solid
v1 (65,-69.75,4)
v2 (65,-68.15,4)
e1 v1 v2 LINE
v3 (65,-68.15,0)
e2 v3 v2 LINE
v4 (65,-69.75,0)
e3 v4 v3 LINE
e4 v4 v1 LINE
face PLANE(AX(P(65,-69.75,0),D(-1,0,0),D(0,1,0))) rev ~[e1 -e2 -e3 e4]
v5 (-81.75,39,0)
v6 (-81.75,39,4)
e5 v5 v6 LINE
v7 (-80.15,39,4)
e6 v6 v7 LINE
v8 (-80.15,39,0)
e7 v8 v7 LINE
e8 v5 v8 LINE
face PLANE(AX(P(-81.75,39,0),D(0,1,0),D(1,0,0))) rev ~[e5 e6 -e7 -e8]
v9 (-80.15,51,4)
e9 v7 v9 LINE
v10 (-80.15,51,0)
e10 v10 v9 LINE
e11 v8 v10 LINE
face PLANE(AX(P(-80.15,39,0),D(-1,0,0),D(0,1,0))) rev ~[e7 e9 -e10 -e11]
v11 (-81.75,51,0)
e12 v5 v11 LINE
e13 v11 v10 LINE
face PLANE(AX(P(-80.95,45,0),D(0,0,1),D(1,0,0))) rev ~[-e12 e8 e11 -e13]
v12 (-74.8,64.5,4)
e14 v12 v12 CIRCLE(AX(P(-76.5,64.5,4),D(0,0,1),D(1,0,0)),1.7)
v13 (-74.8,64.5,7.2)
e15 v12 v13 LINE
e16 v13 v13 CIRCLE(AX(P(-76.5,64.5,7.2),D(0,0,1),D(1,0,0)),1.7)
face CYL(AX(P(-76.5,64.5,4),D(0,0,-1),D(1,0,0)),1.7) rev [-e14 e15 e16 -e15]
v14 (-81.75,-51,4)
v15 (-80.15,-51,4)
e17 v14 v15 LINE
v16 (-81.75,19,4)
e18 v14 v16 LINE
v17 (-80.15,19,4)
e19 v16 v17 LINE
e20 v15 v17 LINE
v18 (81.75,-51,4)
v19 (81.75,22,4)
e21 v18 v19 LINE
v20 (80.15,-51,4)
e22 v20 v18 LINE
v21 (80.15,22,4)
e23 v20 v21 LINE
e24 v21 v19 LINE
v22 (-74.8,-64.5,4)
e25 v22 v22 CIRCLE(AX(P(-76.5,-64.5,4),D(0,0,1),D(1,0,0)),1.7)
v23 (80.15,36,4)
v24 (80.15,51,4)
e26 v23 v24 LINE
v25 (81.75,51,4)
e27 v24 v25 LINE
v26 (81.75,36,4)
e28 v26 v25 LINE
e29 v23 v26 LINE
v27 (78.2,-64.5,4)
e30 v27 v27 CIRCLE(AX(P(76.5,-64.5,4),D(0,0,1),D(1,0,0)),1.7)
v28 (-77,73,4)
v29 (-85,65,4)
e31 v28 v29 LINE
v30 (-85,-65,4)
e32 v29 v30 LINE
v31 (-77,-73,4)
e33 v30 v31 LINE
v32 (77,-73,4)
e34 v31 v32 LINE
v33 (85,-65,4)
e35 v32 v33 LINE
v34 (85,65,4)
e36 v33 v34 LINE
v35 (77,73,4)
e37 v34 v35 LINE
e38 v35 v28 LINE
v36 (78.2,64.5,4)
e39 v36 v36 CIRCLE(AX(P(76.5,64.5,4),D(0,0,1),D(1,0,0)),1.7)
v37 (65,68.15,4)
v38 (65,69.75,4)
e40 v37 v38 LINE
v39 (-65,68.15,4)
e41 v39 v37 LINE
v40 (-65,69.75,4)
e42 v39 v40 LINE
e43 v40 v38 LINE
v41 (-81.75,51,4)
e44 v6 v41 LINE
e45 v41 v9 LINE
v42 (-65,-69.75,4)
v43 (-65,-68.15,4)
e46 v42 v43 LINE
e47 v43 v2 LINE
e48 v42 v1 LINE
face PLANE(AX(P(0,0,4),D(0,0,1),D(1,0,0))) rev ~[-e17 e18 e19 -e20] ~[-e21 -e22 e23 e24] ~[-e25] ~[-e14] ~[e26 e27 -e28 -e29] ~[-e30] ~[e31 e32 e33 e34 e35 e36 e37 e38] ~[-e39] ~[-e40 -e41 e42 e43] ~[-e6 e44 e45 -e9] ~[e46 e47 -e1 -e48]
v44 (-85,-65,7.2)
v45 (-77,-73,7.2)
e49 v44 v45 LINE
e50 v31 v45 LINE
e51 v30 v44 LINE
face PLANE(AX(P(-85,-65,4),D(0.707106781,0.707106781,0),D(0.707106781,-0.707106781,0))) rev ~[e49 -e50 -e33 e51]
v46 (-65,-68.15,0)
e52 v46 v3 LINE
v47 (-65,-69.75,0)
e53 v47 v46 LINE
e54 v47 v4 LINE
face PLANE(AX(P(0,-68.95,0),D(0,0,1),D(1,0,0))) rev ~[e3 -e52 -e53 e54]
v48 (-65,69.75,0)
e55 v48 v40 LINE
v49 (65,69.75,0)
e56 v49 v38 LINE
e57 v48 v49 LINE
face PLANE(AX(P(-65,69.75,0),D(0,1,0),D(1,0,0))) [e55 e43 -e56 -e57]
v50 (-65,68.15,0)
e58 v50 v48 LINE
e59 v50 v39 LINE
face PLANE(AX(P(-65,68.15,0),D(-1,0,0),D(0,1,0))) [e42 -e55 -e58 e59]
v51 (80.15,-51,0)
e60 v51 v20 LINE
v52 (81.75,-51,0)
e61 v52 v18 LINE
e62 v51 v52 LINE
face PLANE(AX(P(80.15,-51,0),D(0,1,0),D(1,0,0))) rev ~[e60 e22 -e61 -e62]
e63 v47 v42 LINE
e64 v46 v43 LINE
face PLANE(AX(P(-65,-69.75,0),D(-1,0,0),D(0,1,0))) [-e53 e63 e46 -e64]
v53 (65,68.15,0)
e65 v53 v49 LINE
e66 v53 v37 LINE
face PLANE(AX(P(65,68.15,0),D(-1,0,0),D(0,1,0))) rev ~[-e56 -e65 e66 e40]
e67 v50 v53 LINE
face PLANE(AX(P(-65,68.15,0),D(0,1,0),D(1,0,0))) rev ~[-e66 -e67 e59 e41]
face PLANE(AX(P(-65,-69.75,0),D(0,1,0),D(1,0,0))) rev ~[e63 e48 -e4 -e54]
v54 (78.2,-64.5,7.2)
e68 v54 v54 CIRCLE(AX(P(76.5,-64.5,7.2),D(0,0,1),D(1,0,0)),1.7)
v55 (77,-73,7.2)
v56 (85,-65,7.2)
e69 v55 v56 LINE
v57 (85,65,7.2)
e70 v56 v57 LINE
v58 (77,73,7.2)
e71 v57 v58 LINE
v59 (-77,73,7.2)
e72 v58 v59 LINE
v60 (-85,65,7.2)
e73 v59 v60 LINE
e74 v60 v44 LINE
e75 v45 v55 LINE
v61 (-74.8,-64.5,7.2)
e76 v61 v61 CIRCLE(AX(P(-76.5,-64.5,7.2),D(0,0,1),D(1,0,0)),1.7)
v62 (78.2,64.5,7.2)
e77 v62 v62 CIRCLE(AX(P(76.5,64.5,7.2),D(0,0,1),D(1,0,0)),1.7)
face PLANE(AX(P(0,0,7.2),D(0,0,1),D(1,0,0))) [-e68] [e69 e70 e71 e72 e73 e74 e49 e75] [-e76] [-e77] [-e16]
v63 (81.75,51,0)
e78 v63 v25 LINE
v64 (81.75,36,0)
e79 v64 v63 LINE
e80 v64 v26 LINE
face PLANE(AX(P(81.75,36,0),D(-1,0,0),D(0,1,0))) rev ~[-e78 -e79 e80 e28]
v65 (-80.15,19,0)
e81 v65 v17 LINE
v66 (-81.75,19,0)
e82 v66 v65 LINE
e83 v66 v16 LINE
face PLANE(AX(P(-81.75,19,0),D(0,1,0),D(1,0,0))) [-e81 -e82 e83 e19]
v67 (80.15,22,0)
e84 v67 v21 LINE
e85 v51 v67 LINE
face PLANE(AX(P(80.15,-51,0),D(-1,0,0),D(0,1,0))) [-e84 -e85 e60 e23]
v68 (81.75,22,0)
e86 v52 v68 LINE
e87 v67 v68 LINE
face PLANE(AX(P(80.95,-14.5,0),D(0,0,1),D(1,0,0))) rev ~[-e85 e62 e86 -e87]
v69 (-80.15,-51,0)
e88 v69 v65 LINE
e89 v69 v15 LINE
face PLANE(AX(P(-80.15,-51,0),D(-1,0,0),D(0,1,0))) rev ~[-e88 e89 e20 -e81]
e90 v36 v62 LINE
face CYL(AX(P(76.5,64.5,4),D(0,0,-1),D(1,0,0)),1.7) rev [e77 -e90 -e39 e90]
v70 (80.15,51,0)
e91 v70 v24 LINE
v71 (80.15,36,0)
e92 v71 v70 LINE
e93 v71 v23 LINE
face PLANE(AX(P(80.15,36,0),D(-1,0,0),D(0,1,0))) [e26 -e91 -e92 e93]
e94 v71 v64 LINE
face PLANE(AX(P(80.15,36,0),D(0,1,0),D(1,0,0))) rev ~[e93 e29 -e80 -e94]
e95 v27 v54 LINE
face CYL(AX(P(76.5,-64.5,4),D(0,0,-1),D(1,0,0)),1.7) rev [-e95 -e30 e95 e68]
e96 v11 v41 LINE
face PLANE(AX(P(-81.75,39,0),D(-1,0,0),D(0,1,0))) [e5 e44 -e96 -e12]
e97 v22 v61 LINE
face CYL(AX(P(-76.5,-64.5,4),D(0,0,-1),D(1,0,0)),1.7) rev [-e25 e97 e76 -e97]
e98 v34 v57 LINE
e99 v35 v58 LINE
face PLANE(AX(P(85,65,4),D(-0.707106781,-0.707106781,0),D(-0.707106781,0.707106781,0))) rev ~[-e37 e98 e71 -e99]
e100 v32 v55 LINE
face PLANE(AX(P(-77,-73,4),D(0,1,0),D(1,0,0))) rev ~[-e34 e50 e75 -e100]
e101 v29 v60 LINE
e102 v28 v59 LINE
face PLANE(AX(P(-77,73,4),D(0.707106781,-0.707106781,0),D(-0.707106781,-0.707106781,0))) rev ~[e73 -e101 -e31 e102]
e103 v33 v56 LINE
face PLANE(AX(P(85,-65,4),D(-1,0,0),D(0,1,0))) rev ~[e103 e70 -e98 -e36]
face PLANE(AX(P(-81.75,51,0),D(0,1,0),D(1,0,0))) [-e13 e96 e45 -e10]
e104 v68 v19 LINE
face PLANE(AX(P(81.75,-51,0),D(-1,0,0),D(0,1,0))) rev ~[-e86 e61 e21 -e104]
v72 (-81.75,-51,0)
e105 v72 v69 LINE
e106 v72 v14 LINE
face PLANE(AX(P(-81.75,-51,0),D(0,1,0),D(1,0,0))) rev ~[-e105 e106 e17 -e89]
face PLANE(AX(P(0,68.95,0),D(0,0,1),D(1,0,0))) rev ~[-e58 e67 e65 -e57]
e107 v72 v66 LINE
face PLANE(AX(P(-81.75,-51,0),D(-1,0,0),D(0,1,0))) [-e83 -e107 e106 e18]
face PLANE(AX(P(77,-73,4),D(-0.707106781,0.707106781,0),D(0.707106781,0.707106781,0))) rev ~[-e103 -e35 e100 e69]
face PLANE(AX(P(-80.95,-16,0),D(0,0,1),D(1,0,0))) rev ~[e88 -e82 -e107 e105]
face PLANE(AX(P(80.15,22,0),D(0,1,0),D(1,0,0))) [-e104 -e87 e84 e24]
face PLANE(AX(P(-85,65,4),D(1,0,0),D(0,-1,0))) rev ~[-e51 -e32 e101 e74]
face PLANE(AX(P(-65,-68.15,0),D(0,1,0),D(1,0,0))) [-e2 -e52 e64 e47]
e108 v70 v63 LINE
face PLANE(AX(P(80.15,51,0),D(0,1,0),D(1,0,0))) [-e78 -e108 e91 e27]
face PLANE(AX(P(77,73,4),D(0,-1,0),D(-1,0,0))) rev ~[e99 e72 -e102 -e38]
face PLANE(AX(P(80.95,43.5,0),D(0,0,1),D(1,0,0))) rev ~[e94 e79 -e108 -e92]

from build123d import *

# Parameters (mm, degrees)
COVER_START                                = 4
COVER_3_2_FOUR_SCREW_CLEARANCES_D3_4_P_R   = 1.7
COVER_3_2_FOUR_SCREW_CLEARANCES_D3_4_DEPTH = 3.2
LOCATING_LIPS_0_45_WALL_CLEARANCE_PROF_W   = 130
LOCATING_LIPS_0_45_WALL_CLEARANCE_PROF_H   = 1.6
LOCATING_LIPS_0_45_WALL_CLEARANCE_PROF_W_2 = 1.6
LOCATING_LIPS_0_45_WALL_CLEARANCE_PROF_H_2 = 70
LOCATING_LIPS_0_45_WALL_CLEARANCE_PROF_H_3 = 12
LOCATING_LIPS_0_45_WALL_CLEARANCE_PROF_H_4 = 73
LOCATING_LIPS_0_45_WALL_CLEARANCE_PROF_H_5 = 15
LOCATING_LIPS_0_45_WALL_CLEARANCE_DEPTH    = 4


with BuildPart() as part:
    # Cover 3.2 - four screw clearances D3.4 profile → Cover 3.2 - four screw clearances D3.4 (new body)
    with BuildSketch(Plane.XY.offset(COVER_START)):
        Polygon((-77, -73), (77, -73), (85, -65), (85, 65), (77, 73), (-77, 73), (-85, 65), (-85, -65), align=None)
        with Locations((-76.5, -64.5)):
            Circle(COVER_3_2_FOUR_SCREW_CLEARANCES_D3_4_P_R, mode=Mode.SUBTRACT)
        with Locations((-76.5, 64.5)):
            Circle(COVER_3_2_FOUR_SCREW_CLEARANCES_D3_4_P_R, mode=Mode.SUBTRACT)
        with Locations((76.5, -64.5)):
            Circle(COVER_3_2_FOUR_SCREW_CLEARANCES_D3_4_P_R, mode=Mode.SUBTRACT)
        with Locations((76.5, 64.5)):
            Circle(COVER_3_2_FOUR_SCREW_CLEARANCES_D3_4_P_R, mode=Mode.SUBTRACT)
    extrude(amount=COVER_3_2_FOUR_SCREW_CLEARANCES_D3_4_DEPTH)

    # Locating lips - 0.45 wall clearance profile → Locating lips - 0.45 wall clearance (add)
    with BuildSketch(Plane.XY):
        with Locations((0, -68.95)):
            Rectangle(LOCATING_LIPS_0_45_WALL_CLEARANCE_PROF_W, LOCATING_LIPS_0_45_WALL_CLEARANCE_PROF_H)
        with Locations((0, 68.95)):
            Rectangle(LOCATING_LIPS_0_45_WALL_CLEARANCE_PROF_W, LOCATING_LIPS_0_45_WALL_CLEARANCE_PROF_H)
        with Locations((-80.95, -16)):
            Rectangle(LOCATING_LIPS_0_45_WALL_CLEARANCE_PROF_W_2, LOCATING_LIPS_0_45_WALL_CLEARANCE_PROF_H_2)
        with Locations((-80.95, 45)):
            Rectangle(LOCATING_LIPS_0_45_WALL_CLEARANCE_PROF_W_2, LOCATING_LIPS_0_45_WALL_CLEARANCE_PROF_H_3)
        with Locations((80.95, -14.5)):
            Rectangle(LOCATING_LIPS_0_45_WALL_CLEARANCE_PROF_W_2, LOCATING_LIPS_0_45_WALL_CLEARANCE_PROF_H_4)
        with Locations((80.95, 43.5)):
            Rectangle(LOCATING_LIPS_0_45_WALL_CLEARANCE_PROF_W_2, LOCATING_LIPS_0_45_WALL_CLEARANCE_PROF_H_5)
    extrude(amount=LOCATING_LIPS_0_45_WALL_CLEARANCE_DEPTH)


solid = part.part
